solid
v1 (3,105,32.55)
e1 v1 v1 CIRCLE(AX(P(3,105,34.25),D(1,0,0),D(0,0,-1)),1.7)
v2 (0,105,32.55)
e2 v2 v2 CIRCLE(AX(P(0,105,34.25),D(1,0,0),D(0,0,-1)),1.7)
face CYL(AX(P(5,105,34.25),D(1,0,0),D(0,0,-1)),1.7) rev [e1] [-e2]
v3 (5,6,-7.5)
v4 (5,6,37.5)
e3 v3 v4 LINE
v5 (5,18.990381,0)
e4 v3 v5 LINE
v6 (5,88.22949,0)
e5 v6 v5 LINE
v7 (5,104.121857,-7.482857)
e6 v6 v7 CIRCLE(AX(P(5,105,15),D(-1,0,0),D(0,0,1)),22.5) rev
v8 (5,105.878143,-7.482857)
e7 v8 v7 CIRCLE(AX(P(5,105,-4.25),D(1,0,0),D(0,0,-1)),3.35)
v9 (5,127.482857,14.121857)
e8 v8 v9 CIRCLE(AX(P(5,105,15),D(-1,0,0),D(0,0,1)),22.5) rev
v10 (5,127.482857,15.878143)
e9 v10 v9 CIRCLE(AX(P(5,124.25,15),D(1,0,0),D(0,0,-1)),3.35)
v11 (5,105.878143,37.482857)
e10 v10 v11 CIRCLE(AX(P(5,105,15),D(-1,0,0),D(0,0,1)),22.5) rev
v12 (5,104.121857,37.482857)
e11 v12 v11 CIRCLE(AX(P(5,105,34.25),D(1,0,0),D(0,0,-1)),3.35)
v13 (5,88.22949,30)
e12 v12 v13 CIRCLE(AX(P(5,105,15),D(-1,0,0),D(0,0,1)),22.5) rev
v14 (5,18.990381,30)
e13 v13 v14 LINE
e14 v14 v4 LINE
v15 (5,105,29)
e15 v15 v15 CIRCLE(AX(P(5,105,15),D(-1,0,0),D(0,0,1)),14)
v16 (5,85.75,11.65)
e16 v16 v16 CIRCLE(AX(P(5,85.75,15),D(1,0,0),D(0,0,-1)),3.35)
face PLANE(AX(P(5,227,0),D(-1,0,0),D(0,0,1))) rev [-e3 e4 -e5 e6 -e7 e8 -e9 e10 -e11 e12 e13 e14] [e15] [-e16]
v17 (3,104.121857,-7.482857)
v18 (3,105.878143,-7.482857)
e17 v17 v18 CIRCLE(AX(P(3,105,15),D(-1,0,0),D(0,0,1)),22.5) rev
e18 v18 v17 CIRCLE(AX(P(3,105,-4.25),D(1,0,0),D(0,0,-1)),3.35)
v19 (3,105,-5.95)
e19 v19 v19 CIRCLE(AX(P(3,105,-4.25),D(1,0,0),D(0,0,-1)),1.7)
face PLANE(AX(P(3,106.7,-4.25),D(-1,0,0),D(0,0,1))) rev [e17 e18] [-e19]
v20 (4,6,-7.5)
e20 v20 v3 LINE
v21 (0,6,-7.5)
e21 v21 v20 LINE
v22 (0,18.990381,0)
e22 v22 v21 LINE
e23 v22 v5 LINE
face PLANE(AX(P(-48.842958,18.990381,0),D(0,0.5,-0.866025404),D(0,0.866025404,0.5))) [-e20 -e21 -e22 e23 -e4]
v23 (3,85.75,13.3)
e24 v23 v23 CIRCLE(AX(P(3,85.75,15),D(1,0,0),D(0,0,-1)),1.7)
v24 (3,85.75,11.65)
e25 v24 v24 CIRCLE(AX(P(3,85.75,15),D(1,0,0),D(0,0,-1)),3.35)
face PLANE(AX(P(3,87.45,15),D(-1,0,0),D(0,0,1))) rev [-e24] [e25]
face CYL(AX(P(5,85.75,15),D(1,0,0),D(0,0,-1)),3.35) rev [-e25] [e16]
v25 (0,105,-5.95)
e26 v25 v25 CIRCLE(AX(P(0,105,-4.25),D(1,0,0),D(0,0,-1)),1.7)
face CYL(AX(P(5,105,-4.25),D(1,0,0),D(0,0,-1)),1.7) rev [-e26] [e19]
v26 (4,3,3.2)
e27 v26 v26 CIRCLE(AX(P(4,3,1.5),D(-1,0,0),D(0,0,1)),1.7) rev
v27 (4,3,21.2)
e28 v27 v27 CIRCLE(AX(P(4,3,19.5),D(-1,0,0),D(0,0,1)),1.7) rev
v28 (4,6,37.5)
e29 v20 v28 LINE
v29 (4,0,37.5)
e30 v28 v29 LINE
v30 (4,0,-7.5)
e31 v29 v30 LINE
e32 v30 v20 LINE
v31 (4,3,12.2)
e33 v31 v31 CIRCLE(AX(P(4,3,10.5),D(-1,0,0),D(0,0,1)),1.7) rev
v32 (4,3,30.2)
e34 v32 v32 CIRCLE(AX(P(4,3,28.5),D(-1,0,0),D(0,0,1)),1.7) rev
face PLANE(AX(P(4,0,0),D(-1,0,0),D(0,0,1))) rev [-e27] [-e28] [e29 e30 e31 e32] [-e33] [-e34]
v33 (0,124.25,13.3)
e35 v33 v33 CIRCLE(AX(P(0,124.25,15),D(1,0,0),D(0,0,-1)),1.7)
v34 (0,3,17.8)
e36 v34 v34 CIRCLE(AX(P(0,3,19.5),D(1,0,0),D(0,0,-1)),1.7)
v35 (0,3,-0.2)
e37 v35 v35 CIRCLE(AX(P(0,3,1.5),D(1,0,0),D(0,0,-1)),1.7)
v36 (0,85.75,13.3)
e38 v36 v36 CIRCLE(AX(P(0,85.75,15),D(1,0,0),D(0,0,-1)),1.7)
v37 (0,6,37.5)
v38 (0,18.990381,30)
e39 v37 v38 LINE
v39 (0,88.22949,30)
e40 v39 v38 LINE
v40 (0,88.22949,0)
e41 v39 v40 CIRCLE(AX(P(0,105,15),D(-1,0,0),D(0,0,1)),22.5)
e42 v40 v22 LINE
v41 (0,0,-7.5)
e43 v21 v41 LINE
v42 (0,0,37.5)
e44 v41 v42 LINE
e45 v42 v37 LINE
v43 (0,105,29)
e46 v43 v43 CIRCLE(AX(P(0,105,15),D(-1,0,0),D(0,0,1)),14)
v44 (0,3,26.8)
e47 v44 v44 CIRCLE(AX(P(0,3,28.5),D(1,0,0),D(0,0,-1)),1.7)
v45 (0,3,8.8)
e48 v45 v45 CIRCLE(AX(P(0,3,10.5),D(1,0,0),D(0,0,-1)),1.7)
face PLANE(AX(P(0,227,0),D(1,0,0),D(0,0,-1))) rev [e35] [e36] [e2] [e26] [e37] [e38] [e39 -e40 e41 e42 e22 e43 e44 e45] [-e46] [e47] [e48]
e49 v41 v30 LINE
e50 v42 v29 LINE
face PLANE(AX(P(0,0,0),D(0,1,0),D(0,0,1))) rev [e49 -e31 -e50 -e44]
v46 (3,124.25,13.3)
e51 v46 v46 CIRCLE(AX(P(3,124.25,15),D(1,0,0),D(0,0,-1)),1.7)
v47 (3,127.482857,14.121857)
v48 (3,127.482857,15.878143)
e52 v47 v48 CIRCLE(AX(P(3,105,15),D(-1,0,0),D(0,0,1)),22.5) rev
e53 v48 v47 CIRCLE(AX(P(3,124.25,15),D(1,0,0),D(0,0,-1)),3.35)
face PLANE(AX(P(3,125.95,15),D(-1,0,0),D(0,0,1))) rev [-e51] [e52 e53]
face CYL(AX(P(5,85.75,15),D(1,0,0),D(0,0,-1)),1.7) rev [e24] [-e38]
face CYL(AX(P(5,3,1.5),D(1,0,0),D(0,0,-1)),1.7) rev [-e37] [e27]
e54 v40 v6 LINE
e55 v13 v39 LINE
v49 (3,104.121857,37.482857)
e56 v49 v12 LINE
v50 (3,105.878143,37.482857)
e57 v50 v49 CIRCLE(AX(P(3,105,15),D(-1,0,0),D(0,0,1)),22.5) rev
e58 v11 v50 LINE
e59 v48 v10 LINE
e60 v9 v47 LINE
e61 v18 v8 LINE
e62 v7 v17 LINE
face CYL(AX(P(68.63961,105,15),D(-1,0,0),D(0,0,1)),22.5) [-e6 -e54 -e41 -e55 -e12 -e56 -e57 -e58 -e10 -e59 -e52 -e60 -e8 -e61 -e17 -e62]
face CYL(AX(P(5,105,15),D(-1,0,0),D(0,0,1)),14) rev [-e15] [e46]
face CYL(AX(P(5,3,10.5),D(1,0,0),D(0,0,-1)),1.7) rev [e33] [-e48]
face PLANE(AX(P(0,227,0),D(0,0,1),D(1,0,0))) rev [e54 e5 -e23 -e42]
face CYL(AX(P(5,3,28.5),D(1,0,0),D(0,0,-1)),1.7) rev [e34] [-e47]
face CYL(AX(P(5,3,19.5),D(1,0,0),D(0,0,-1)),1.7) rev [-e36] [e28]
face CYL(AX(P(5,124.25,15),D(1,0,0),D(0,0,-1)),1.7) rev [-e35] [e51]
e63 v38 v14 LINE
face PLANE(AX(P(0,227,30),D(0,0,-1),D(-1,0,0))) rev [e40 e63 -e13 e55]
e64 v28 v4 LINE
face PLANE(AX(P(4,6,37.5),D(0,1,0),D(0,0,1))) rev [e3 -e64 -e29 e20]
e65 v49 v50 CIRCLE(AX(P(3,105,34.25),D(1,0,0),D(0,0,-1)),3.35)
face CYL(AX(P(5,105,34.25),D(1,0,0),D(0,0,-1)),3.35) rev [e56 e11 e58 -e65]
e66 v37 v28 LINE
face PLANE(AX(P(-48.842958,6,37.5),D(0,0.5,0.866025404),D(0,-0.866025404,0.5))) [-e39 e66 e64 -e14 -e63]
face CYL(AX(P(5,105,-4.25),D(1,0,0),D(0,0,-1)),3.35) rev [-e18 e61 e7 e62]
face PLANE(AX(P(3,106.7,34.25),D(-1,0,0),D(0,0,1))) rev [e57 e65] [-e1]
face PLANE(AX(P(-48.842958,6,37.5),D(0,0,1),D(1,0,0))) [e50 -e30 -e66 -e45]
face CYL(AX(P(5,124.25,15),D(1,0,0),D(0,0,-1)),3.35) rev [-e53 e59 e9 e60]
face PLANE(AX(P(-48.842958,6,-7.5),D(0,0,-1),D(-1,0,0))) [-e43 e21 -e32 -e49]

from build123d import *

# Parameters (mm, degrees)
SKETCH_1_W                  = 5
SKETCH_1_H                  = 30
EXTRUDE_1_DEPTH             = 227
SKETCH_2_R                  = 22.5
EXTRUDE_2_DEPTH             = 5
SKETCH_3_R                  = 14
CUT_EXTRUDE_1_DEPTH         = 231.130940988
HOLE_WIZARD_M31_D           = 3.4
HOLE_WIZARD_M31_CBORE_D     = 6.7
HOLE_WIZARD_M31_CBORE_DEPTH = 2
EXTRUDE_3_DEPTH             = 5
HOLE_WIZARD_M31_2_D         = 3.4
SKETCH_14_W                 = 45
SKETCH_14_H                 = 6
CUT_EXTRUDE_2_DEPTH         = 1
CUT_EXTRUDE_START           = -5
CUT_EXTRUDE_3_DEPTH         = 5


with BuildPart() as part:
    # Эскиз1 → Бобышка-Вытянуть1 (new body)
    with BuildSketch(Plane(origin=(0, 0, 0), x_dir=(1, 0, 0), z_dir=(0, 1, 0))):
        with Locations((2.5, -15)):
            Rectangle(SKETCH_1_W, SKETCH_1_H)
    extrude(amount=EXTRUDE_1_DEPTH)

    # Эскиз2 → Бобышка-Вытянуть2 (add)
    with BuildSketch(Plane.ZY):
        with Locations((15, 105)):
            Circle(SKETCH_2_R)
    extrude(amount=-EXTRUDE_2_DEPTH)

    # Эскиз3 → Вырез-Вытянуть1 (cut, through all)
    with BuildSketch(Plane.ZY):
        with Locations((15, 105)):
            Circle(SKETCH_3_R)
    extrude(amount=-CUT_EXTRUDE_1_DEPTH, mode=Mode.SUBTRACT)

    # Hole Wizard M31 (through all)
    with Locations(Plane(origin=(5, -25.024735225, 7.262908886), x_dir=(0, 0, 1), z_dir=(1, 0, 0))):
        with Locations((7.737091114, -149.274735225), (-11.512908886, -130.024735225), (7.737091114, -110.774735225), (26.987091114, -130.024735225)):
            CounterBoreHole(HOLE_WIZARD_M31_D / 2, HOLE_WIZARD_M31_CBORE_D / 2, HOLE_WIZARD_M31_CBORE_DEPTH)

    # Эскиз11 → Бобышка-Вытянуть3 (add)
    with BuildSketch(Plane(origin=(5, 0, 0), x_dir=(0, 0, -1), z_dir=(1, 0, 0))):
        Polygon((0, 18.990381057), (7.5, 6), (7.5, 0), (-37.5, 0), (-37.5, 6), (-30, 18.990381057), align=None)
    extrude(amount=-EXTRUDE_3_DEPTH)

    # Hole Wizard M31 2 (through all)
    with Locations(Plane(origin=(5, 0, 0), x_dir=(0, 0, -1), z_dir=(1, 0, 0))):
        with Locations((-28.5, 3), (-19.5, 3), (-10.5, 3), (-1.5, 3)):
            Hole(HOLE_WIZARD_M31_2_D / 2)

    # Эскиз14 → Вырез-Вытянуть2 (cut)
    with BuildSketch(Plane(origin=(5, 0, 0), x_dir=(0, 0, -1), z_dir=(1, 0, 0))):
        with Locations((-15, 3)):
            Rectangle(SKETCH_14_W, SKETCH_14_H)
    extrude(amount=-CUT_EXTRUDE_2_DEPTH, mode=Mode.SUBTRACT)

    # Эскиз15 → Вырез-Вытянуть3 (cut)
    with BuildSketch(Plane(origin=(5, 0, 0), x_dir=(0, 0, -1), z_dir=(1, 0, 0)).offset(CUT_EXTRUDE_START)):
        with BuildLine():
            Line((-30, 227), (0, 227))
            Line((0, 227), (0, 121.770509831))
            ThreePointArc((0, 121.770509831), (-15, 127.5), (-30, 121.770509831))
            Line((-30, 121.770509831), (-30, 227))
        make_face()
    extrude(amount=CUT_EXTRUDE_3_DEPTH, mode=Mode.SUBTRACT)


solid = part.part
